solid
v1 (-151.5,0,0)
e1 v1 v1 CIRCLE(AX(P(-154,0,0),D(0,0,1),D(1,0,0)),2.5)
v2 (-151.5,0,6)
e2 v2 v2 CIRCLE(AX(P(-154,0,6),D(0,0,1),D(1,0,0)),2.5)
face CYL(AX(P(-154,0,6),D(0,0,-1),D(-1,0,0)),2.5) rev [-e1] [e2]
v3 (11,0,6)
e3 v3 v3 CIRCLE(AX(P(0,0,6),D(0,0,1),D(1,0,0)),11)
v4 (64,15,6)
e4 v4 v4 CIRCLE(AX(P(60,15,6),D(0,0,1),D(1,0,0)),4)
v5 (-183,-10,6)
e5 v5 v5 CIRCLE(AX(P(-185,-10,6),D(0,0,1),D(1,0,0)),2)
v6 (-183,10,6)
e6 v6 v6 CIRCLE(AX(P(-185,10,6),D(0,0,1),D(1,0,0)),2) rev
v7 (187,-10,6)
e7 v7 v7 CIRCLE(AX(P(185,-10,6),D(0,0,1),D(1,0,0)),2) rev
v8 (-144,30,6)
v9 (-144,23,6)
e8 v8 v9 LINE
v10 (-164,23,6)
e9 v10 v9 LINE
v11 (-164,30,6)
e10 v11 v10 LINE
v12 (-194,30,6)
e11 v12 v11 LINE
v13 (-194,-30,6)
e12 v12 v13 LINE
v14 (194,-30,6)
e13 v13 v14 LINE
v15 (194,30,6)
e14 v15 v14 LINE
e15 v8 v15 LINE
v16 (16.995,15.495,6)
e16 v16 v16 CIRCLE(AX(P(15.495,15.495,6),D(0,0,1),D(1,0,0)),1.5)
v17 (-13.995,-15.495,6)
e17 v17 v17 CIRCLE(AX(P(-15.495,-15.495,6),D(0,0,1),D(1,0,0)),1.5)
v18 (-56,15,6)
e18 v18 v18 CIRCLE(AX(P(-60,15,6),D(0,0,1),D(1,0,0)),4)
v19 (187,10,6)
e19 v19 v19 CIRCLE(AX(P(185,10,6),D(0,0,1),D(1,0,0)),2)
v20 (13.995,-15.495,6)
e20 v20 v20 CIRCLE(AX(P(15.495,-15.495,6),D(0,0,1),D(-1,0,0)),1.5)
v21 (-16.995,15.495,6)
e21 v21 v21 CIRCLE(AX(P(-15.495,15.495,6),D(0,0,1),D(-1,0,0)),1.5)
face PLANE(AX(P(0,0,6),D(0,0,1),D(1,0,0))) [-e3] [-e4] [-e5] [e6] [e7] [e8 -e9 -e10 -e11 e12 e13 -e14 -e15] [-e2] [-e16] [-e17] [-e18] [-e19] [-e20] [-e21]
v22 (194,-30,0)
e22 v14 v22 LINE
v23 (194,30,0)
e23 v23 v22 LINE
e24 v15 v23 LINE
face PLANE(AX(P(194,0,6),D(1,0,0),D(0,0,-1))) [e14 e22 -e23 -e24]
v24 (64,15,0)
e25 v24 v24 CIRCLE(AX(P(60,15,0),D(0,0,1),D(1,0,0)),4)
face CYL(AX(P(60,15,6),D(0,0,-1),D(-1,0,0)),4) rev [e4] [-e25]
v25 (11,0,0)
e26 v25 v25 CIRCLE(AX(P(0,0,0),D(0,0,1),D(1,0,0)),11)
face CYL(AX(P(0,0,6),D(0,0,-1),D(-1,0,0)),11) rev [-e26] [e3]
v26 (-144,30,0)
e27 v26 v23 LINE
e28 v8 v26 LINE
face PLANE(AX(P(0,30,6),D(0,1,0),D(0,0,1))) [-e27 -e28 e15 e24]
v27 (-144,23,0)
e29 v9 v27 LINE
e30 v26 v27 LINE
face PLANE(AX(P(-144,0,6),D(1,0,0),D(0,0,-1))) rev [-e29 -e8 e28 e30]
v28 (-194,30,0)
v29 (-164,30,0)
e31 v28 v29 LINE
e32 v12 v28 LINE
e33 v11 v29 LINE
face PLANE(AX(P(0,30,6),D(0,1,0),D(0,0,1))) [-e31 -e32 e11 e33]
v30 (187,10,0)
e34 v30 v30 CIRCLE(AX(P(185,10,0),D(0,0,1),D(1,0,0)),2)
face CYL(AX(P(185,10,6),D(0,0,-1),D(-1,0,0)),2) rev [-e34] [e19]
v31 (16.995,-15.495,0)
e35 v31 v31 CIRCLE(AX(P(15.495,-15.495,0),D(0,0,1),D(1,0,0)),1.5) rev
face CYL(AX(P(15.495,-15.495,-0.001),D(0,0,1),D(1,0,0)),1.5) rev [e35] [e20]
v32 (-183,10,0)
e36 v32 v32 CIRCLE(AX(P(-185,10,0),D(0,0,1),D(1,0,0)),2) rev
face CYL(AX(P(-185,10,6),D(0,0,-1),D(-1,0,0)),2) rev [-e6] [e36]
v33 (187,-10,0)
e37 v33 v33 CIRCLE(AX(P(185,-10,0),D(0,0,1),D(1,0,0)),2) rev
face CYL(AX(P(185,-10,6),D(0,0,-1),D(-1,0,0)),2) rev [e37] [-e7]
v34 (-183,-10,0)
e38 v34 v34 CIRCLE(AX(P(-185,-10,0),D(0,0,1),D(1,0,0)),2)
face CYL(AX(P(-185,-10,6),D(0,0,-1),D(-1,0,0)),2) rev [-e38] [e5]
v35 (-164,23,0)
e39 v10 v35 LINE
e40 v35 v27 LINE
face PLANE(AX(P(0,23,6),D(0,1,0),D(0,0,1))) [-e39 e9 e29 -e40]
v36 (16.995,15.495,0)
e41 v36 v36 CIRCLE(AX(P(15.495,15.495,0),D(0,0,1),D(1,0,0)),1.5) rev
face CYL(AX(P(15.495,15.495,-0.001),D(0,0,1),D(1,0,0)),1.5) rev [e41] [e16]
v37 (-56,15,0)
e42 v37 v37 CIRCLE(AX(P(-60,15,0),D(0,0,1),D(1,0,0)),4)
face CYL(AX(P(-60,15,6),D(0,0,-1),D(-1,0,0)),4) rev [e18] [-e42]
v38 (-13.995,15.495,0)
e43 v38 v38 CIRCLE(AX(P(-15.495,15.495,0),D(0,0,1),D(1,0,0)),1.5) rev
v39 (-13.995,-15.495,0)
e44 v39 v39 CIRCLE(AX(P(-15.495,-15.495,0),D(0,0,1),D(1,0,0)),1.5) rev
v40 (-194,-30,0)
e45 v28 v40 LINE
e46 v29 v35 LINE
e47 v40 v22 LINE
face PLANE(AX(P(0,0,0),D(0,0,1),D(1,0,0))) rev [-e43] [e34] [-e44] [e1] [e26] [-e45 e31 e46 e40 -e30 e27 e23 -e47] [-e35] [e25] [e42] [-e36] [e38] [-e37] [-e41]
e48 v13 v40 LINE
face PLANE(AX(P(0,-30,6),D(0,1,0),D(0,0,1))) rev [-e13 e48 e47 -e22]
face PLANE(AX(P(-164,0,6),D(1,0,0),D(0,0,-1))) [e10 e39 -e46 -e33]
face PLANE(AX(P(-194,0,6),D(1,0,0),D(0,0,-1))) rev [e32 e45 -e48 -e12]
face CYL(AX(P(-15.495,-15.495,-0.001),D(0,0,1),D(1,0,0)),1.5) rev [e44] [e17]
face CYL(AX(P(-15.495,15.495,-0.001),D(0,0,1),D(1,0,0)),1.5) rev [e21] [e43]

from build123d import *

# Parameters (mm, degrees)
SKETCH1_R           = 2
SKETCH1_R_2         = 2.5
SKETCH1_R_3         = 4
SKETCH1_R_4         = 11
BOSS_EXTRUDE1_DEPTH = 6
CUT_EXTRUDE1_REACH  = 8
SKETCH2_R           = 1.5


with BuildPart() as part:
    # Sketch1 → Boss-Extrude1 (new body)
    with BuildSketch(Plane.XY):
        Polygon((-194, 30), (-194, -30), (194, -30), (194, 30), (-144, 30), (-144, 23), (-164, 23), (-164, 30), align=None)
        with Locations((-185, -10)):
            Circle(SKETCH1_R, mode=Mode.SUBTRACT)
        with Locations((185, -10)):
            Circle(SKETCH1_R, mode=Mode.SUBTRACT)
        with Locations((-154, 0)):
            Circle(SKETCH1_R_2, mode=Mode.SUBTRACT)
        with Locations((-185, 10)):
            Circle(SKETCH1_R, mode=Mode.SUBTRACT)
        with Locations((-60, 15)):
            Circle(SKETCH1_R_3, mode=Mode.SUBTRACT)
        Circle(SKETCH1_R_4, mode=Mode.SUBTRACT)
        with Locations((60, 15)):
            Circle(SKETCH1_R_3, mode=Mode.SUBTRACT)
        with Locations((185, 10)):
            Circle(SKETCH1_R, mode=Mode.SUBTRACT)
    extrude(amount=BOSS_EXTRUDE1_DEPTH)

    # Sketch2 → Cut-Extrude1 (cut, up to next)
    with BuildSketch(Plane.XY.offset(6), mode=Mode.PRIVATE) as cut_extrude1_sk1:
        with Locations((15.495, 15.495)):
            Circle(SKETCH2_R)
    cut_extrude1_tool1 = extrude(cut_extrude1_sk1.sketch, amount=-CUT_EXTRUDE1_REACH, mode=Mode.PRIVATE) & part.part
    add(cut_extrude1_tool1.solids().sort_by_distance((15.495, 15.495, 6))[0], mode=Mode.SUBTRACT)
    # Sketch2 → Cut-Extrude1 (cut, up to next)
    with BuildSketch(Plane.XY.offset(6), mode=Mode.PRIVATE) as cut_extrude1_sk2:
        with Locations((-15.495, 15.495)):
            Circle(SKETCH2_R)
    cut_extrude1_tool2 = extrude(cut_extrude1_sk2.sketch, amount=-CUT_EXTRUDE1_REACH, mode=Mode.PRIVATE) & part.part
    add(cut_extrude1_tool2.solids().sort_by_distance((-15.495, 15.495, 6))[0], mode=Mode.SUBTRACT)
    # Sketch2 → Cut-Extrude1 (cut, up to next)
    with BuildSketch(Plane.XY.offset(6), mode=Mode.PRIVATE) as cut_extrude1_sk3:
        with Locations((15.495, -15.495)):
            Circle(SKETCH2_R)
    cut_extrude1_tool3 = extrude(cut_extrude1_sk3.sketch, amount=-CUT_EXTRUDE1_REACH, mode=Mode.PRIVATE) & part.part
    add(cut_extrude1_tool3.solids().sort_by_distance((15.495, -15.495, 6))[0], mode=Mode.SUBTRACT)
    # Sketch2 → Cut-Extrude1 (cut, up to next)
    with BuildSketch(Plane.XY.offset(6), mode=Mode.PRIVATE) as cut_extrude1_sk4:
        with Locations((-15.495, -15.495)):
            Circle(SKETCH2_R)
    cut_extrude1_tool4 = extrude(cut_extrude1_sk4.sketch, amount=-CUT_EXTRUDE1_REACH, mode=Mode.PRIVATE) & part.part
    add(cut_extrude1_tool4.solids().sort_by_distance((-15.495, -15.495, 6))[0], mode=Mode.SUBTRACT)


solid = part.part
